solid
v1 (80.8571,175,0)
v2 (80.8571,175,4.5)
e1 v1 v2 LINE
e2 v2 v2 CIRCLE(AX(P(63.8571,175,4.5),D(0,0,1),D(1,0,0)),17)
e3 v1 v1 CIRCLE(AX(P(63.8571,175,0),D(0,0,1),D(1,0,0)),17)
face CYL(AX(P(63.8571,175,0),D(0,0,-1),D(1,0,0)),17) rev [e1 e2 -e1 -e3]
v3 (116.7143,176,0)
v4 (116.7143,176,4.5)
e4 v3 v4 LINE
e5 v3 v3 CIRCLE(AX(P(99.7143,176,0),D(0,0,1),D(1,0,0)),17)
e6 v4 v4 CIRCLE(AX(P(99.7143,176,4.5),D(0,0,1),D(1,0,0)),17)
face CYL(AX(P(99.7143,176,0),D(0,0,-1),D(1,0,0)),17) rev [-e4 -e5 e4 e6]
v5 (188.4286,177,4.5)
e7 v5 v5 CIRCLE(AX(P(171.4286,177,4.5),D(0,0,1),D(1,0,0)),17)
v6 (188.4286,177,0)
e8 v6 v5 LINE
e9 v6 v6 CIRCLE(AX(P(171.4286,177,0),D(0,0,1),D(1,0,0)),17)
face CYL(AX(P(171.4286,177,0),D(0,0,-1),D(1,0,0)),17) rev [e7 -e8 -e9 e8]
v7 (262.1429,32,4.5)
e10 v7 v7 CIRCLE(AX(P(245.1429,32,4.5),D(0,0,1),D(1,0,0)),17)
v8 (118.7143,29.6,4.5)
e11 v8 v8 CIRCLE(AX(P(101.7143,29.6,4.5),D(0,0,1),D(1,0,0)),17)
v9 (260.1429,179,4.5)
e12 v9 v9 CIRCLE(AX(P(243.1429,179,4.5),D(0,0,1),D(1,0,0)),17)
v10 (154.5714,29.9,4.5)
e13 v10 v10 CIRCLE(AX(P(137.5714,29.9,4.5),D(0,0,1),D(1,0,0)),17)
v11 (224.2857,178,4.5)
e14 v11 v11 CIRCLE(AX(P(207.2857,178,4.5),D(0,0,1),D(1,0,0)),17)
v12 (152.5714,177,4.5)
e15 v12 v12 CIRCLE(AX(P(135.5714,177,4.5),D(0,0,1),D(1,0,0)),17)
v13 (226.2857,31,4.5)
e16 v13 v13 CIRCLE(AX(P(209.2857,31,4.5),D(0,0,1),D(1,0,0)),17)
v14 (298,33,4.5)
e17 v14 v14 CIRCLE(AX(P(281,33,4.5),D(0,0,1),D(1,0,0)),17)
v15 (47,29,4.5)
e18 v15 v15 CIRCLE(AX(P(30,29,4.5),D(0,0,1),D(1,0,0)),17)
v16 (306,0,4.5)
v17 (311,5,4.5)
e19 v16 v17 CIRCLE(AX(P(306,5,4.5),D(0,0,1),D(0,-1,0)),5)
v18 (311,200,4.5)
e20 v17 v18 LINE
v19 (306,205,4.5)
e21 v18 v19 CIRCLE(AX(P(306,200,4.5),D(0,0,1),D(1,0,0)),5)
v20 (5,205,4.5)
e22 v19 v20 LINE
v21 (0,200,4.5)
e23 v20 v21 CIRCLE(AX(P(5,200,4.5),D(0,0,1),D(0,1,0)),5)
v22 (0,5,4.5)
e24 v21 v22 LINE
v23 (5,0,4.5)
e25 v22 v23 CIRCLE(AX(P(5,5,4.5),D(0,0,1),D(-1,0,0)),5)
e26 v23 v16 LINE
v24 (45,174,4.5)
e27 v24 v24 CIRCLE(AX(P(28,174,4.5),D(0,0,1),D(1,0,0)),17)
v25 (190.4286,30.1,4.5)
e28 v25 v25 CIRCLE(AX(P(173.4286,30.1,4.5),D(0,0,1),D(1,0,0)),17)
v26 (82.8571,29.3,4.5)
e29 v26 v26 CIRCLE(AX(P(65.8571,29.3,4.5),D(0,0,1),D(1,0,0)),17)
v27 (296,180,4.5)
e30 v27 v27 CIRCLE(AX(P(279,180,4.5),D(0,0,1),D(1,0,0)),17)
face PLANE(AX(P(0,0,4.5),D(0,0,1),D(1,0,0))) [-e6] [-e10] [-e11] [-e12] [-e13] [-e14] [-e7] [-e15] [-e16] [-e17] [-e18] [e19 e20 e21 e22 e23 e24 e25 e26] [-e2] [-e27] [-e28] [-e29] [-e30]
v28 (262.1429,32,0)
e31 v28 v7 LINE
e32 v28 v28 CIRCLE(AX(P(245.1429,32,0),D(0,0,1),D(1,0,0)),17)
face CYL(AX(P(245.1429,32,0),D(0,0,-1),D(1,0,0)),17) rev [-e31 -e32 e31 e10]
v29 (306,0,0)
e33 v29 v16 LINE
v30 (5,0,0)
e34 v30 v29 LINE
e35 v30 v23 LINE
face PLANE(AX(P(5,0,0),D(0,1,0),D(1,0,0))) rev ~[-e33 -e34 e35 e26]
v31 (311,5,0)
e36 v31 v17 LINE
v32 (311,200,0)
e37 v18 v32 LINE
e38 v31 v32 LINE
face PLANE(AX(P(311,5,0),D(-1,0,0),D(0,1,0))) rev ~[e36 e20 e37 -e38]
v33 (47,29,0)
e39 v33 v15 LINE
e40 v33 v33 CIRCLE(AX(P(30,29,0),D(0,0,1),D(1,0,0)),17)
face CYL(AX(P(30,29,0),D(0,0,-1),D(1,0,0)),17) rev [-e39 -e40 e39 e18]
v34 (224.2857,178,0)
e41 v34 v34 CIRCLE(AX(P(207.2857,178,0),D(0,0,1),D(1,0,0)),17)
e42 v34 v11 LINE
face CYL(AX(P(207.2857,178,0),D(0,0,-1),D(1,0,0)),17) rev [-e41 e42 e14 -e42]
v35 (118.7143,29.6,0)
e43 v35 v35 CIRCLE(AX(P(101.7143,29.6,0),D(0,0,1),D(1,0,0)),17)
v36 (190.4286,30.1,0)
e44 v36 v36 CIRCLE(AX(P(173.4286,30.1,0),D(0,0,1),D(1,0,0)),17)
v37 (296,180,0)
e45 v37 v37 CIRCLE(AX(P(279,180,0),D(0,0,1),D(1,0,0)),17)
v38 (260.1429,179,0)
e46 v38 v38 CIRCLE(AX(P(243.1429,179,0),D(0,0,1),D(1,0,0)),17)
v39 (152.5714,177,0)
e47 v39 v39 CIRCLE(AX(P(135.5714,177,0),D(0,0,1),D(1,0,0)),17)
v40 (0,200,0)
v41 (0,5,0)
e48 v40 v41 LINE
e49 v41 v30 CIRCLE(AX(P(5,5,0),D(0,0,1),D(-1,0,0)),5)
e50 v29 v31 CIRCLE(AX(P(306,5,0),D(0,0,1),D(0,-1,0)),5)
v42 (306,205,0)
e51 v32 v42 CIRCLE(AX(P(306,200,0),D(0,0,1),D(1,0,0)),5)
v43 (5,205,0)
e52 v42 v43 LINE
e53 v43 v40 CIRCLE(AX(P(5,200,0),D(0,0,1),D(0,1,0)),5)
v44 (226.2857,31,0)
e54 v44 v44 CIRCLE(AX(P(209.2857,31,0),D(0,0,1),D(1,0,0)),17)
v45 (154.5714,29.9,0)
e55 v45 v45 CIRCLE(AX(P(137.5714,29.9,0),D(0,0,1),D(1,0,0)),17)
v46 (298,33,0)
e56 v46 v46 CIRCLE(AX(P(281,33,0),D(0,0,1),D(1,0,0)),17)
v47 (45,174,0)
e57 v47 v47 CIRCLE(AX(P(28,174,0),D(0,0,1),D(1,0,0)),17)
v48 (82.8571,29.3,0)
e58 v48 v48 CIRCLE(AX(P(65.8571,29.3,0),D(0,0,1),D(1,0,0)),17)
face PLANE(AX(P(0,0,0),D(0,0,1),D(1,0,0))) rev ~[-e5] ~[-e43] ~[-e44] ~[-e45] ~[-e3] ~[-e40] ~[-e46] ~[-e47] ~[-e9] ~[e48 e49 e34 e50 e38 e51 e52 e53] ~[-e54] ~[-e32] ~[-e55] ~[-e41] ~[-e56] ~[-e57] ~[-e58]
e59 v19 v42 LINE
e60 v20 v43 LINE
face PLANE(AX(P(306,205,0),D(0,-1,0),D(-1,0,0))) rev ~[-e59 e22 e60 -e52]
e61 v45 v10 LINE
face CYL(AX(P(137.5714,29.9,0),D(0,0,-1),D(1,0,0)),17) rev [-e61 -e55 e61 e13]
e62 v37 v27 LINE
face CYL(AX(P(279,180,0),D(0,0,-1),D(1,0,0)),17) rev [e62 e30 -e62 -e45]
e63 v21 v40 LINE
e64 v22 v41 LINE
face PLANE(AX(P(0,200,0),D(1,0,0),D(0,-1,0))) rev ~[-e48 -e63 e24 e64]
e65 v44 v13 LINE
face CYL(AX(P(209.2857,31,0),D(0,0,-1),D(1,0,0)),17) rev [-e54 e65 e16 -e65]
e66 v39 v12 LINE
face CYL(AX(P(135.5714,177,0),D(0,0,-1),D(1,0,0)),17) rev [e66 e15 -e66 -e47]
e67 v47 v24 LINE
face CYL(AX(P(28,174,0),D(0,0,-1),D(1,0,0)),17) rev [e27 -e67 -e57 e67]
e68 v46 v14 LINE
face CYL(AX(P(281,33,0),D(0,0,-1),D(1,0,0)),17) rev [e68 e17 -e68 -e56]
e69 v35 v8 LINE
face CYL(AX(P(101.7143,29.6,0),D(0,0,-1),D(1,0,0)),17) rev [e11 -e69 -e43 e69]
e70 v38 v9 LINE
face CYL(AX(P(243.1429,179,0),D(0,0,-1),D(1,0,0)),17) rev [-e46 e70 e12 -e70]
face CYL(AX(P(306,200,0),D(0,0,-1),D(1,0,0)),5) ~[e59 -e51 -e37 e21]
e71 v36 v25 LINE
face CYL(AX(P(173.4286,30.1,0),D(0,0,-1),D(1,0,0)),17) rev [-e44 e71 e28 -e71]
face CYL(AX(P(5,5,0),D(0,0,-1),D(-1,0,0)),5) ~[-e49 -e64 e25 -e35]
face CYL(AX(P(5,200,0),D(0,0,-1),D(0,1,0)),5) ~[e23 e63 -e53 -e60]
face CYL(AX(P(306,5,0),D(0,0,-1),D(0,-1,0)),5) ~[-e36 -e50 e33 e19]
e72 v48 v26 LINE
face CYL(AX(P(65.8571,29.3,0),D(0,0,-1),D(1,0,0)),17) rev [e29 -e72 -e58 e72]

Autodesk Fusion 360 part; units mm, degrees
sketch "Sketch1" plane through (0, 0, 0) normal (0, 0, 1) x (1, 0, 0)
  line L0 (5, 0) -> (306, 0)
  line L1 (311, 5) -> (311, 200)
  line L2 (306, 205) -> (5, 205)
  line L3 (0, 200) -> (0, 5)
  circle A0 centre (30, 29) radius 17
  circle A1 centre (65.8571, 29.3) radius 17
  circle A2 centre (101.7143, 29.6) radius 17
  circle A3 centre (28, 174) radius 17
  circle A4 centre (99.7143, 176) radius 17
  circle A5 centre (63.8571, 175) radius 17
  circle A6 centre (137.5714, 29.9) radius 17
  circle A7 centre (135.5714, 177) radius 17
  circle A8 centre (173.4286, 30.1) radius 17
  circle A9 centre (209.2857, 31) radius 17
  circle A10 centre (245.1429, 32) radius 17
  circle A11 centre (281, 33) radius 17
  circle A12 centre (171.4286, 177) radius 17
  circle A13 centre (207.2857, 178) radius 17
  circle A14 centre (243.1429, 179) radius 17
  circle A15 centre (279, 180) radius 17
  arc A16 (311, 200) -> (306, 205) centre (306, 200) ccw
  arc A17 (5, 205) -> (0, 200) centre (5, 200) ccw
  arc A18 (306, 0) -> (311, 5) centre (306, 5) ccw
  arc A19 (0, 5) -> (5, 0) centre (5, 5) ccw
  dimension "d1" = 311
  dimension "d2" = 205
  dimension "d4" = 34
  dimension "d6" = 29
  dimension "d8" = 34
  dimension "d9" = 34
  dimension "d10" = 34
  dimension "d11" = 34
  dimension "d13" = 34
  dimension "d14" = 34
  dimension "d15" = 34
  dimension "d16" = 34
  dimension "d17" = 34
  dimension "d18" = 34
  dimension "d19" = 34
  dimension "d28" = 29.3
  dimension "d29" = 29.6
  dimension "d30" = 29.9
  dimension "d31" = 30.1
  dimension "d32" = 31
  dimension "d33" = 32
  dimension "d34" = 33
  dimension "d35" = 34
  dimension "d36" = 34
  dimension "d37" = 34
  dimension "d38" = 34
  dimension "d48" = 31
  dimension "d49" = 30
  dimension "d50" = 29
  dimension "d51" = 28
  dimension "d52" = 28
  dimension "d53" = 27
  dimension "d55" = 30
  dimension "d56" = 35.8571
  dimension "d57" = 35.8571
  dimension "d58" = 35.8571
  dimension "d59" = 35.8571
  dimension "d60" = 35.8571
  dimension "d61" = 35.8571
  dimension "d62" = 35.8571
  dimension "d63" = 30
  dimension "d64" = 28
  dimension "d66" = 35.8571
  dimension "d67" = 35.8571
  dimension "d68" = 35.8571
  dimension "d69" = 35.8571
  dimension "d70" = 35.8571
  dimension "d71" = 35.8571
  dimension "d72" = 32
  dimension "d73" = 26
  dimension "d74" = 25
  dimension "d75" = 35.8571
  dimension "d76" = 5
  dimension "d77" = 5
  dimension "d78" = 5
  dimension "d79" = 5
sketch "Sketch2" plane through (0, 0, 0) normal (0, 0, 1) x (1, 0, 0)
extrude "Extrude1" add sketch "Sketch1" along normal blind 3.5
extrude "Extrude2" add 1 faces at (123.0248, 122.1087, 3.5) along direction (0, 0, 1) blind 1
sketch "Sketch3" plane through (0, 0, 0) normal (0, 0, 1) x (1, 0, 0)
  line L0 (5, 0) -> (306.1184, 0)
  line L1 (311.1184, 5) -> (311.1184, 55.2879)
  line L2 (311.1184, 55.2879) -> (0, 55.2879)
  line L3 (0, 55.2879) -> (0, 5)
  line L4 (310, 148.1101) -> (0, 148.1101)
  line L5 (0, 148.1101) -> (0, 199.7882)
  line L6 (5, 204.7882) -> (305, 204.7882)
  line L7 (310, 199.7882) -> (310, 148.1101)
  arc A0 (5, 204.7882) -> (0, 199.7882) centre (5, 199.7882) ccw
  arc A1 (310, 199.7882) -> (305, 204.7882) centre (305, 199.7882) ccw
  arc A2 (0, 5) -> (5, 0) centre (5, 5) ccw
  arc A3 (306.1184, 0) -> (311.1184, 5) centre (306.1184, 5) ccw
  dimension "d84" = 5
  dimension "d85" = 5
  dimension "d86" = 5
  dimension "d87" = 5
sketch "Sketch4" plane through (0, 0, 0) normal (0, 0, 1) x (1, 0, 0)
